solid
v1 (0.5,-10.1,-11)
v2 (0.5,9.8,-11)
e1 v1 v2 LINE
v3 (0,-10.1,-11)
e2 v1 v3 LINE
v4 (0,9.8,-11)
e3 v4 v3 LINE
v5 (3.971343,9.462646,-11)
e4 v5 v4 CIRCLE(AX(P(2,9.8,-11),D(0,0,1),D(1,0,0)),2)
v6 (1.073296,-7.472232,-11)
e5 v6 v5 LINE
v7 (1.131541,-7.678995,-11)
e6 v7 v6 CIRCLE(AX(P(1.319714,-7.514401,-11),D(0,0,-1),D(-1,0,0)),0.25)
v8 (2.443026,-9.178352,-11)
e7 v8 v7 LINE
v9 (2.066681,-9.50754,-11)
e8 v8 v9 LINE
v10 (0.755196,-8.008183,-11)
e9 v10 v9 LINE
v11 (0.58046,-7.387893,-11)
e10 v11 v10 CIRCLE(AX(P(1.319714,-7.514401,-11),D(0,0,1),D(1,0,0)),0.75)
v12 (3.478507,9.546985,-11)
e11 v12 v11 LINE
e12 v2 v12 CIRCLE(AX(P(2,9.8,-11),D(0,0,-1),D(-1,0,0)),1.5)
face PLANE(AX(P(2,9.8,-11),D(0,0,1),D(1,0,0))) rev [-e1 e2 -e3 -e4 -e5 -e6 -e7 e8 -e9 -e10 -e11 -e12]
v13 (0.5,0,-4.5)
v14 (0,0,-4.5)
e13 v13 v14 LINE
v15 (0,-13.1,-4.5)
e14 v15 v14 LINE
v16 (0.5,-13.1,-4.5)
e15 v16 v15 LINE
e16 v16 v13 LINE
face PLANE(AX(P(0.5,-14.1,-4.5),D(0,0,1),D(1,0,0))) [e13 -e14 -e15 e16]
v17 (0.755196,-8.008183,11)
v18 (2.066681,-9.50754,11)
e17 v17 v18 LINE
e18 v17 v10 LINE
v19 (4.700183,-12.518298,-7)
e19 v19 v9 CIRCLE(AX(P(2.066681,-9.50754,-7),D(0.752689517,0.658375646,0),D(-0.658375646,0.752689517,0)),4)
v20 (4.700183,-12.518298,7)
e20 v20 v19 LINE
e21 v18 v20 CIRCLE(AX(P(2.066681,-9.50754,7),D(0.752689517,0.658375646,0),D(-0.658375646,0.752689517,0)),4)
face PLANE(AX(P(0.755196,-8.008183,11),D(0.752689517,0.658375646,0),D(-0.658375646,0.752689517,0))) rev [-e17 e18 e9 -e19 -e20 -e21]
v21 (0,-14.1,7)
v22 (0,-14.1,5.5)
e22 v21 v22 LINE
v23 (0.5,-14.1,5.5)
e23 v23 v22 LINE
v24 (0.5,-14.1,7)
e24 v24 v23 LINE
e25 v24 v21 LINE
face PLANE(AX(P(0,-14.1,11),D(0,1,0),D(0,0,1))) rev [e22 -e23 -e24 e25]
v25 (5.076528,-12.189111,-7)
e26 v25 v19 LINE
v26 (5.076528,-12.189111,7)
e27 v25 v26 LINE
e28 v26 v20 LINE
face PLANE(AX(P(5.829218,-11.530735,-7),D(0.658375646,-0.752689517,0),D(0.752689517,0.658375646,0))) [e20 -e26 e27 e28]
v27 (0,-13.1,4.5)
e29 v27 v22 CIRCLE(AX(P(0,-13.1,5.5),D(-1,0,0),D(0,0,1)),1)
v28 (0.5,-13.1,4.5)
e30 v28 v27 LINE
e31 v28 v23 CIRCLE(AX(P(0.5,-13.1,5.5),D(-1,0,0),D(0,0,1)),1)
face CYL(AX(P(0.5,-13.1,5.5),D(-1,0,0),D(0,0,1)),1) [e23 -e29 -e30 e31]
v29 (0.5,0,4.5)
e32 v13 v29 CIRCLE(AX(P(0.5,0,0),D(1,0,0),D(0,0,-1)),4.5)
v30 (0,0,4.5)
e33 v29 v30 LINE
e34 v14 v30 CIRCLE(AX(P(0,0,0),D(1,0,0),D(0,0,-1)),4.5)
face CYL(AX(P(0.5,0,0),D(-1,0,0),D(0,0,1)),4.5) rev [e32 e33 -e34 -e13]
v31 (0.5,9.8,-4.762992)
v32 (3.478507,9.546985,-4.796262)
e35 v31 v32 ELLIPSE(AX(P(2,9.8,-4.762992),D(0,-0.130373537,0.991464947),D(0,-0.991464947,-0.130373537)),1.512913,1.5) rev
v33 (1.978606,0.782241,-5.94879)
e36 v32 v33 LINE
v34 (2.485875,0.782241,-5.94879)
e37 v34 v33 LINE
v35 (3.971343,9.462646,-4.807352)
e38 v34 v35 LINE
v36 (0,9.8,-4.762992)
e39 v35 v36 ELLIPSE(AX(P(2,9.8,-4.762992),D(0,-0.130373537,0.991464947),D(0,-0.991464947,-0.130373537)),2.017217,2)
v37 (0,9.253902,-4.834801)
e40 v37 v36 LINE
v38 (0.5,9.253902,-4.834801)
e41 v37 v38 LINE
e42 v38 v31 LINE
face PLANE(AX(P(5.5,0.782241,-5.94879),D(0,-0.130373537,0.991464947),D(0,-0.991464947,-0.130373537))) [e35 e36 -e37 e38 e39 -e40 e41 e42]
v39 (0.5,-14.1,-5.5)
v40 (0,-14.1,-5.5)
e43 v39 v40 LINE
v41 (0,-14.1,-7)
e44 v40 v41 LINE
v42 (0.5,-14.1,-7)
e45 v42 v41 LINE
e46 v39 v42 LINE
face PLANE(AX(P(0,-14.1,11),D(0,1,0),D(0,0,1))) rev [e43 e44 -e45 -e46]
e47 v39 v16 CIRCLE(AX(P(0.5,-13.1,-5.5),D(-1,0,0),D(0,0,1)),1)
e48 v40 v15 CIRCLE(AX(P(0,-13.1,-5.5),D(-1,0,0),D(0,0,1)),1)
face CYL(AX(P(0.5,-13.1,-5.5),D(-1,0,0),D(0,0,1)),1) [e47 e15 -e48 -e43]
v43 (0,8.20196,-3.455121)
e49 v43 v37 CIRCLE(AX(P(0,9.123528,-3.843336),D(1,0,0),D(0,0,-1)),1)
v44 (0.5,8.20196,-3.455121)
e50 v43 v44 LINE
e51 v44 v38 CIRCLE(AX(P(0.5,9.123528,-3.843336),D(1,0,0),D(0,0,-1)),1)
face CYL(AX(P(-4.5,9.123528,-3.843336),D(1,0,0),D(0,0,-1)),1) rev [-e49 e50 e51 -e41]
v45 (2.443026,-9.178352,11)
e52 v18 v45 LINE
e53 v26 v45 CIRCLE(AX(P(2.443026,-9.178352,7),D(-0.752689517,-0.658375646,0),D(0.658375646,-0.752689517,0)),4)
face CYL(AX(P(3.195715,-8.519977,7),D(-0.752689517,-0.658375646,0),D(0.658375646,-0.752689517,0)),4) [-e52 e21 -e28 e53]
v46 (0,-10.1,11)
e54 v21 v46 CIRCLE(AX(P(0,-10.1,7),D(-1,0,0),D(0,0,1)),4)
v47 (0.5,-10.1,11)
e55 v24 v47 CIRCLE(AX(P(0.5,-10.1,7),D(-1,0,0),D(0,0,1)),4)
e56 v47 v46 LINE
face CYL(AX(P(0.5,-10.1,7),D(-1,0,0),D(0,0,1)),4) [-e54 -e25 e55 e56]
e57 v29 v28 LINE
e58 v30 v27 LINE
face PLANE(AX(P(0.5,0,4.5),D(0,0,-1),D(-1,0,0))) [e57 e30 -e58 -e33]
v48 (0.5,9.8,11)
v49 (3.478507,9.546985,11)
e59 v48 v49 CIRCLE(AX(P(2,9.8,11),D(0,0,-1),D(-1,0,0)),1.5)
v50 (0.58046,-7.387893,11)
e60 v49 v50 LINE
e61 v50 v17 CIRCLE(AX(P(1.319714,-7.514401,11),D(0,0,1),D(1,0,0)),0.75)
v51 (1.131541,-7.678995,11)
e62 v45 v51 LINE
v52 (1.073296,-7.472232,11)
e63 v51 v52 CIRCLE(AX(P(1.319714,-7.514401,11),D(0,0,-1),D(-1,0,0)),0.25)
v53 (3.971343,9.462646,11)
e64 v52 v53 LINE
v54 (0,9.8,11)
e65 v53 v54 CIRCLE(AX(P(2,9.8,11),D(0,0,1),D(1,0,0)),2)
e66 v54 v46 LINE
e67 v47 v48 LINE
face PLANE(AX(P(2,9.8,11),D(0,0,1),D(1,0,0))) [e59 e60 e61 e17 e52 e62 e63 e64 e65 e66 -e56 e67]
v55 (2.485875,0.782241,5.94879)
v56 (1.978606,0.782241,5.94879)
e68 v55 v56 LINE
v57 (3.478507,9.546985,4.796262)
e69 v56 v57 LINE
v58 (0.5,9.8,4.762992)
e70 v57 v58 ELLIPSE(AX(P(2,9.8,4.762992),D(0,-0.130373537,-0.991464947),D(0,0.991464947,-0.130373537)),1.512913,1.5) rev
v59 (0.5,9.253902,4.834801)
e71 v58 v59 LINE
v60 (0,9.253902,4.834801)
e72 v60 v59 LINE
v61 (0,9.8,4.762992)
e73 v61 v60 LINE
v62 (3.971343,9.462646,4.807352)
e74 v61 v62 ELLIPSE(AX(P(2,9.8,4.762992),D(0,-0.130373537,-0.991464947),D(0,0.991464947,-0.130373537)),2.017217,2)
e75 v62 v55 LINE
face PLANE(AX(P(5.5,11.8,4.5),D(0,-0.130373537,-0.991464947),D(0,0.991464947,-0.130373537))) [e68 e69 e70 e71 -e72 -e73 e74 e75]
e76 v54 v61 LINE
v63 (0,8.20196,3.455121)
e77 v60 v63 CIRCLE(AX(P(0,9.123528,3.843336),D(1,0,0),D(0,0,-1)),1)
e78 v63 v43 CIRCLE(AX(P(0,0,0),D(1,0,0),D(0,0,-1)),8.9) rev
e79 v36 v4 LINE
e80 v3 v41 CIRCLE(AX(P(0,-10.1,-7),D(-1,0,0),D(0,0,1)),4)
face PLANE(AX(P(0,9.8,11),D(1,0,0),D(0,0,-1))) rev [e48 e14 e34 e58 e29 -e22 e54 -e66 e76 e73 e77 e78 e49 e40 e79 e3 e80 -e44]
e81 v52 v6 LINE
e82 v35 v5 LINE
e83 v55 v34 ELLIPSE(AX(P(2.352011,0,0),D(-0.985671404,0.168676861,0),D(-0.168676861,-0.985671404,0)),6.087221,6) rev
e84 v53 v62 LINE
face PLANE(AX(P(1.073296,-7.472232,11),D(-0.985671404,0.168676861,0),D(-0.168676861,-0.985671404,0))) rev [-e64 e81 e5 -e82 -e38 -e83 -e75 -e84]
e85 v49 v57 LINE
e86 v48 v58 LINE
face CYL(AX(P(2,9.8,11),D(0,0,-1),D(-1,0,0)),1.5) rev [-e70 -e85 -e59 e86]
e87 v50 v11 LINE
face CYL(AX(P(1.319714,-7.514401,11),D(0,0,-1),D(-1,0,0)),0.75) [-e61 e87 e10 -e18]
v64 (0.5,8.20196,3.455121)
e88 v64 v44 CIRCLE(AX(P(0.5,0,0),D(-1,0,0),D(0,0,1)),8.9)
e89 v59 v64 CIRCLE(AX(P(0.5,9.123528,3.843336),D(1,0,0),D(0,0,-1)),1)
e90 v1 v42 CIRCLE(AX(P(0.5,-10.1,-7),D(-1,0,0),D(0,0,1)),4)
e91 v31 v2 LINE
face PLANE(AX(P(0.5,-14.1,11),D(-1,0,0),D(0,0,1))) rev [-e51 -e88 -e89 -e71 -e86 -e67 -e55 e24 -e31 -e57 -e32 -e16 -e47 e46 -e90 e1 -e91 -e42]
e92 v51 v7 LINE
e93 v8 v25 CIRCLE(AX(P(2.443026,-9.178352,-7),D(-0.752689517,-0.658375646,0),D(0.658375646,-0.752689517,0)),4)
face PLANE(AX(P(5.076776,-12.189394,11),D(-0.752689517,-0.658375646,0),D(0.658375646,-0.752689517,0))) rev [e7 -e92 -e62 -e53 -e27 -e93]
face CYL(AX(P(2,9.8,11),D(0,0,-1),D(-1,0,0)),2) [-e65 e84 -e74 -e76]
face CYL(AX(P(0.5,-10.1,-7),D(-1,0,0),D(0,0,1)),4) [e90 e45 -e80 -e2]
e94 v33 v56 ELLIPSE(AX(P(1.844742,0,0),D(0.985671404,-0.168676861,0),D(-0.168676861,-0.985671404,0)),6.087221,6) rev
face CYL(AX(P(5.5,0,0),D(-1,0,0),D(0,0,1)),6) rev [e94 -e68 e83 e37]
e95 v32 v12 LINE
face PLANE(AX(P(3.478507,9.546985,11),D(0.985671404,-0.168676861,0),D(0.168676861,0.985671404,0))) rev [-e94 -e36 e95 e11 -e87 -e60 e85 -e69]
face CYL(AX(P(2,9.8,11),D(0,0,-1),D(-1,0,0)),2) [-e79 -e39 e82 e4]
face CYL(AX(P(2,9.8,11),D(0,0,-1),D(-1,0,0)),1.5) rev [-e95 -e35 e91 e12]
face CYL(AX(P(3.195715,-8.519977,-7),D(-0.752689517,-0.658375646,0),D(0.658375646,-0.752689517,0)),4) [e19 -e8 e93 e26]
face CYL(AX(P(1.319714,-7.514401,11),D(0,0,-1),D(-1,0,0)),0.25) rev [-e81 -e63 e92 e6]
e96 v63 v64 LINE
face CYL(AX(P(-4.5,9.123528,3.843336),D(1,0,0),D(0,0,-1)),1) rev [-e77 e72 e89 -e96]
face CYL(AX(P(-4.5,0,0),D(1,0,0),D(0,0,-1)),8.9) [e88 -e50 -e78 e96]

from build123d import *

# Parameters (mm, degrees)
BOSS_EXTRUDE1_DEPTH      = 11
BOSS_EXTRUDE1_DEPTH_BACK = 11
CUT_EXTRUDE1_DEPTH       = 0.5
CUT_EXTRUDE2_DEPTH       = 5
CUT_EXTRUDE3_DEPTH       = 5
CUT_EXTRUDE4_DEPTH       = 0.5
CUT_EXTRUDE5_DEPTH       = 0.5
CUT_EXTRUDE6_DEPTH       = 0.5
CUT_EXTRUDE7_DEPTH       = 0.5
CUT_EXTRUDE8_DEPTH       = 1
CUT_EXTRUDE8_DEPTH_BACK  = 1


with BuildPart() as part:
    # Sketch1 → Boss-Extrude1 (new, two sides: drawn at the far end of the back side and taken through both)
    with BuildSketch(Plane.XY.offset(-BOSS_EXTRUDE1_DEPTH_BACK)):
        with BuildLine():
            Line((0, 9.8), (0, -14.1))
            Line((0, -14.1), (0.5, -14.1))
            Line((0.5, -14.1), (0.5, 9.8))
            ThreePointArc((0.5, 9.8), (2.126963265, 11.294617118), (3.478507106, 9.546984708))
            Line((3.478507106, 9.546984708), (0.580460074, -7.387893417))
            ThreePointArc((0.580460074, -7.387893417), (0.597810426, -7.717762239), (0.75519649, -8.008182798))
            Line((0.75519649, -8.008182798), (4.700431296, -12.518581837))
            Line((4.700431296, -12.518581837), (5.076776054, -12.189394014))
            Line((5.076776054, -12.189394014), (1.131541248, -7.678994975))
            ThreePointArc((1.131541248, -7.678994975), (1.079079227, -7.582188122), (1.073295776, -7.472231848))
            Line((1.073295776, -7.472231848), (3.971342808, 9.462646278))
            ThreePointArc((3.971342808, 9.462646278), (2.169284353, 11.792822824), (0, 9.8))
        make_face()
    extrude(amount=BOSS_EXTRUDE1_DEPTH + BOSS_EXTRUDE1_DEPTH_BACK)

    # Sketch2 → Cut-Extrude1 (cut)
    with BuildSketch(Plane(origin=(0, 0, 0), x_dir=(0, 0, -1), z_dir=(1, 0, 0))):
        with BuildLine():
            Line((-4.5, 0), (-4.5, -14.1))
            Line((-4.5, -14.1), (4.5, -14.1))
            Line((4.5, -14.1), (4.5, 0))
            ThreePointArc((4.5, 0), (0, 4.5), (-4.5, 0))
        make_face()
    extrude(amount=CUT_EXTRUDE1_DEPTH, mode=Mode.SUBTRACT)

    # Sketch3 → Cut-Extrude2 (cut)
    with BuildSketch(Plane(origin=(0.5, 0, 0), x_dir=(0, 0, -1), z_dir=(1, 0, 0))):
        with BuildLine():
            Line((5.948789681, 0.782241223), (4.5, 11.8))
            Line((4.5, 11.8), (-4.5, 11.8))
            Line((-4.5, 11.8), (-5.948789681, 0.782241223))
            ThreePointArc((-5.948789681, 0.782241223), (0, -6), (5.948789681, 0.782241223))
        make_face()
    extrude(amount=CUT_EXTRUDE2_DEPTH, mode=Mode.SUBTRACT)

    # Sketch4 → Cut-Extrude3 (cut)
    with BuildSketch(Plane(origin=(0.5, 0, 0), x_dir=(0, 0, -1), z_dir=(1, 0, 0))):
        with BuildLine():
            Line((4.834801398, 9.253901634), (4.5, 11.8))
            Line((4.5, 11.8), (-4.5, 11.8))
            Line((-4.5, 11.8), (-4.834801398, 9.253901634))
            ThreePointArc((-4.834801398, 9.253901634), (-4.449655576, 8.328306669), (-3.455120629, 8.20195961))
            ThreePointArc((-3.455120629, 8.20195961), (1.1e-08, 8.9), (3.455120648, 8.201959602))
            ThreePointArc((3.455120648, 8.201959602), (4.449655585, 8.328306676), (4.834801398, 9.253901634))
        make_face()
    extrude(amount=-CUT_EXTRUDE3_DEPTH, mode=Mode.SUBTRACT)

    # Sketch5 → Cut-Extrude4 (cut)
    with BuildSketch(Plane(origin=(0, 0, 0), x_dir=(0, 0, -1), z_dir=(1, 0, 0))):
        with BuildLine():
            Line((-11, -14.1), (-7, -14.1))
            ThreePointArc((-7, -14.1), (-9.828427125, -12.928427125), (-11, -10.1))
            Line((-11, -10.1), (-11, -14.1))
        make_face()
    extrude(amount=CUT_EXTRUDE4_DEPTH, mode=Mode.SUBTRACT)

    # Sketch6 → Cut-Extrude5 (cut)
    with BuildSketch(Plane(origin=(0, 0, 0), x_dir=(0, 0, -1), z_dir=(1, 0, 0))):
        with BuildLine():
            Line((7, -14.1), (11, -14.1))
            Line((11, -14.1), (11, -10.1))
            ThreePointArc((11, -10.1), (9.828427125, -12.928427125), (7, -14.1))
        make_face()
    extrude(amount=CUT_EXTRUDE5_DEPTH, mode=Mode.SUBTRACT)

    # Sketch7 → Cut-Extrude6 (cut)
    with BuildSketch(Plane(origin=(0, 0, 0), x_dir=(0, 0, -1), z_dir=(1, 0, 0))):
        with BuildLine():
            Line((4.5, -14.1), (5.5, -14.1))
            ThreePointArc((5.5, -14.1), (4.792893219, -13.807106781), (4.5, -13.1))
            Line((4.5, -13.1), (4.5, -14.1))
        make_face()
    extrude(amount=CUT_EXTRUDE6_DEPTH, mode=Mode.SUBTRACT)

    # Sketch8 → Cut-Extrude7 (cut)
    with BuildSketch(Plane(origin=(0, 0, 0), x_dir=(0, 0, -1), z_dir=(1, 0, 0))):
        with BuildLine():
            Line((-5.5, -14.1), (-4.5, -14.1))
            Line((-4.5, -14.1), (-4.5, -13.1))
            ThreePointArc((-4.5, -13.1), (-4.792893219, -13.807106781), (-5.5, -14.1))
        make_face()
    extrude(amount=CUT_EXTRUDE7_DEPTH, mode=Mode.SUBTRACT)

    # Sketch9 → Cut-Extrude8 (cut, two sides: drawn at the far end of the back side and taken through both)
    with BuildSketch(Plane(origin=(-3.164279663, -2.76778754, 0), x_dir=(0, 0, -1), z_dir=(0.7526895169963331, 0.6583756458161457, 0)).offset(-CUT_EXTRUDE8_DEPTH_BACK)):
        with BuildLine():
            Line((-11, -8.516878218), (-15, -8.516878218))
            Line((-15, -8.516878218), (-15, -16.516878218))
            Line((-15, -16.516878218), (15, -16.516878218))
            Line((15, -16.516878218), (15, -8.516878218))
            Line((15, -8.516878218), (11, -8.516878218))
            ThreePointArc((11, -8.516878218), (9.828427125, -11.345305343), (7, -12.516878218))
            Line((7, -12.516878218), (-7, -12.516878218))
            ThreePointArc((-7, -12.516878218), (-9.828427125, -11.345305343), (-11, -8.516878218))
        make_face()
    extrude(amount=CUT_EXTRUDE8_DEPTH + CUT_EXTRUDE8_DEPTH_BACK, mode=Mode.SUBTRACT)


solid = part.part
